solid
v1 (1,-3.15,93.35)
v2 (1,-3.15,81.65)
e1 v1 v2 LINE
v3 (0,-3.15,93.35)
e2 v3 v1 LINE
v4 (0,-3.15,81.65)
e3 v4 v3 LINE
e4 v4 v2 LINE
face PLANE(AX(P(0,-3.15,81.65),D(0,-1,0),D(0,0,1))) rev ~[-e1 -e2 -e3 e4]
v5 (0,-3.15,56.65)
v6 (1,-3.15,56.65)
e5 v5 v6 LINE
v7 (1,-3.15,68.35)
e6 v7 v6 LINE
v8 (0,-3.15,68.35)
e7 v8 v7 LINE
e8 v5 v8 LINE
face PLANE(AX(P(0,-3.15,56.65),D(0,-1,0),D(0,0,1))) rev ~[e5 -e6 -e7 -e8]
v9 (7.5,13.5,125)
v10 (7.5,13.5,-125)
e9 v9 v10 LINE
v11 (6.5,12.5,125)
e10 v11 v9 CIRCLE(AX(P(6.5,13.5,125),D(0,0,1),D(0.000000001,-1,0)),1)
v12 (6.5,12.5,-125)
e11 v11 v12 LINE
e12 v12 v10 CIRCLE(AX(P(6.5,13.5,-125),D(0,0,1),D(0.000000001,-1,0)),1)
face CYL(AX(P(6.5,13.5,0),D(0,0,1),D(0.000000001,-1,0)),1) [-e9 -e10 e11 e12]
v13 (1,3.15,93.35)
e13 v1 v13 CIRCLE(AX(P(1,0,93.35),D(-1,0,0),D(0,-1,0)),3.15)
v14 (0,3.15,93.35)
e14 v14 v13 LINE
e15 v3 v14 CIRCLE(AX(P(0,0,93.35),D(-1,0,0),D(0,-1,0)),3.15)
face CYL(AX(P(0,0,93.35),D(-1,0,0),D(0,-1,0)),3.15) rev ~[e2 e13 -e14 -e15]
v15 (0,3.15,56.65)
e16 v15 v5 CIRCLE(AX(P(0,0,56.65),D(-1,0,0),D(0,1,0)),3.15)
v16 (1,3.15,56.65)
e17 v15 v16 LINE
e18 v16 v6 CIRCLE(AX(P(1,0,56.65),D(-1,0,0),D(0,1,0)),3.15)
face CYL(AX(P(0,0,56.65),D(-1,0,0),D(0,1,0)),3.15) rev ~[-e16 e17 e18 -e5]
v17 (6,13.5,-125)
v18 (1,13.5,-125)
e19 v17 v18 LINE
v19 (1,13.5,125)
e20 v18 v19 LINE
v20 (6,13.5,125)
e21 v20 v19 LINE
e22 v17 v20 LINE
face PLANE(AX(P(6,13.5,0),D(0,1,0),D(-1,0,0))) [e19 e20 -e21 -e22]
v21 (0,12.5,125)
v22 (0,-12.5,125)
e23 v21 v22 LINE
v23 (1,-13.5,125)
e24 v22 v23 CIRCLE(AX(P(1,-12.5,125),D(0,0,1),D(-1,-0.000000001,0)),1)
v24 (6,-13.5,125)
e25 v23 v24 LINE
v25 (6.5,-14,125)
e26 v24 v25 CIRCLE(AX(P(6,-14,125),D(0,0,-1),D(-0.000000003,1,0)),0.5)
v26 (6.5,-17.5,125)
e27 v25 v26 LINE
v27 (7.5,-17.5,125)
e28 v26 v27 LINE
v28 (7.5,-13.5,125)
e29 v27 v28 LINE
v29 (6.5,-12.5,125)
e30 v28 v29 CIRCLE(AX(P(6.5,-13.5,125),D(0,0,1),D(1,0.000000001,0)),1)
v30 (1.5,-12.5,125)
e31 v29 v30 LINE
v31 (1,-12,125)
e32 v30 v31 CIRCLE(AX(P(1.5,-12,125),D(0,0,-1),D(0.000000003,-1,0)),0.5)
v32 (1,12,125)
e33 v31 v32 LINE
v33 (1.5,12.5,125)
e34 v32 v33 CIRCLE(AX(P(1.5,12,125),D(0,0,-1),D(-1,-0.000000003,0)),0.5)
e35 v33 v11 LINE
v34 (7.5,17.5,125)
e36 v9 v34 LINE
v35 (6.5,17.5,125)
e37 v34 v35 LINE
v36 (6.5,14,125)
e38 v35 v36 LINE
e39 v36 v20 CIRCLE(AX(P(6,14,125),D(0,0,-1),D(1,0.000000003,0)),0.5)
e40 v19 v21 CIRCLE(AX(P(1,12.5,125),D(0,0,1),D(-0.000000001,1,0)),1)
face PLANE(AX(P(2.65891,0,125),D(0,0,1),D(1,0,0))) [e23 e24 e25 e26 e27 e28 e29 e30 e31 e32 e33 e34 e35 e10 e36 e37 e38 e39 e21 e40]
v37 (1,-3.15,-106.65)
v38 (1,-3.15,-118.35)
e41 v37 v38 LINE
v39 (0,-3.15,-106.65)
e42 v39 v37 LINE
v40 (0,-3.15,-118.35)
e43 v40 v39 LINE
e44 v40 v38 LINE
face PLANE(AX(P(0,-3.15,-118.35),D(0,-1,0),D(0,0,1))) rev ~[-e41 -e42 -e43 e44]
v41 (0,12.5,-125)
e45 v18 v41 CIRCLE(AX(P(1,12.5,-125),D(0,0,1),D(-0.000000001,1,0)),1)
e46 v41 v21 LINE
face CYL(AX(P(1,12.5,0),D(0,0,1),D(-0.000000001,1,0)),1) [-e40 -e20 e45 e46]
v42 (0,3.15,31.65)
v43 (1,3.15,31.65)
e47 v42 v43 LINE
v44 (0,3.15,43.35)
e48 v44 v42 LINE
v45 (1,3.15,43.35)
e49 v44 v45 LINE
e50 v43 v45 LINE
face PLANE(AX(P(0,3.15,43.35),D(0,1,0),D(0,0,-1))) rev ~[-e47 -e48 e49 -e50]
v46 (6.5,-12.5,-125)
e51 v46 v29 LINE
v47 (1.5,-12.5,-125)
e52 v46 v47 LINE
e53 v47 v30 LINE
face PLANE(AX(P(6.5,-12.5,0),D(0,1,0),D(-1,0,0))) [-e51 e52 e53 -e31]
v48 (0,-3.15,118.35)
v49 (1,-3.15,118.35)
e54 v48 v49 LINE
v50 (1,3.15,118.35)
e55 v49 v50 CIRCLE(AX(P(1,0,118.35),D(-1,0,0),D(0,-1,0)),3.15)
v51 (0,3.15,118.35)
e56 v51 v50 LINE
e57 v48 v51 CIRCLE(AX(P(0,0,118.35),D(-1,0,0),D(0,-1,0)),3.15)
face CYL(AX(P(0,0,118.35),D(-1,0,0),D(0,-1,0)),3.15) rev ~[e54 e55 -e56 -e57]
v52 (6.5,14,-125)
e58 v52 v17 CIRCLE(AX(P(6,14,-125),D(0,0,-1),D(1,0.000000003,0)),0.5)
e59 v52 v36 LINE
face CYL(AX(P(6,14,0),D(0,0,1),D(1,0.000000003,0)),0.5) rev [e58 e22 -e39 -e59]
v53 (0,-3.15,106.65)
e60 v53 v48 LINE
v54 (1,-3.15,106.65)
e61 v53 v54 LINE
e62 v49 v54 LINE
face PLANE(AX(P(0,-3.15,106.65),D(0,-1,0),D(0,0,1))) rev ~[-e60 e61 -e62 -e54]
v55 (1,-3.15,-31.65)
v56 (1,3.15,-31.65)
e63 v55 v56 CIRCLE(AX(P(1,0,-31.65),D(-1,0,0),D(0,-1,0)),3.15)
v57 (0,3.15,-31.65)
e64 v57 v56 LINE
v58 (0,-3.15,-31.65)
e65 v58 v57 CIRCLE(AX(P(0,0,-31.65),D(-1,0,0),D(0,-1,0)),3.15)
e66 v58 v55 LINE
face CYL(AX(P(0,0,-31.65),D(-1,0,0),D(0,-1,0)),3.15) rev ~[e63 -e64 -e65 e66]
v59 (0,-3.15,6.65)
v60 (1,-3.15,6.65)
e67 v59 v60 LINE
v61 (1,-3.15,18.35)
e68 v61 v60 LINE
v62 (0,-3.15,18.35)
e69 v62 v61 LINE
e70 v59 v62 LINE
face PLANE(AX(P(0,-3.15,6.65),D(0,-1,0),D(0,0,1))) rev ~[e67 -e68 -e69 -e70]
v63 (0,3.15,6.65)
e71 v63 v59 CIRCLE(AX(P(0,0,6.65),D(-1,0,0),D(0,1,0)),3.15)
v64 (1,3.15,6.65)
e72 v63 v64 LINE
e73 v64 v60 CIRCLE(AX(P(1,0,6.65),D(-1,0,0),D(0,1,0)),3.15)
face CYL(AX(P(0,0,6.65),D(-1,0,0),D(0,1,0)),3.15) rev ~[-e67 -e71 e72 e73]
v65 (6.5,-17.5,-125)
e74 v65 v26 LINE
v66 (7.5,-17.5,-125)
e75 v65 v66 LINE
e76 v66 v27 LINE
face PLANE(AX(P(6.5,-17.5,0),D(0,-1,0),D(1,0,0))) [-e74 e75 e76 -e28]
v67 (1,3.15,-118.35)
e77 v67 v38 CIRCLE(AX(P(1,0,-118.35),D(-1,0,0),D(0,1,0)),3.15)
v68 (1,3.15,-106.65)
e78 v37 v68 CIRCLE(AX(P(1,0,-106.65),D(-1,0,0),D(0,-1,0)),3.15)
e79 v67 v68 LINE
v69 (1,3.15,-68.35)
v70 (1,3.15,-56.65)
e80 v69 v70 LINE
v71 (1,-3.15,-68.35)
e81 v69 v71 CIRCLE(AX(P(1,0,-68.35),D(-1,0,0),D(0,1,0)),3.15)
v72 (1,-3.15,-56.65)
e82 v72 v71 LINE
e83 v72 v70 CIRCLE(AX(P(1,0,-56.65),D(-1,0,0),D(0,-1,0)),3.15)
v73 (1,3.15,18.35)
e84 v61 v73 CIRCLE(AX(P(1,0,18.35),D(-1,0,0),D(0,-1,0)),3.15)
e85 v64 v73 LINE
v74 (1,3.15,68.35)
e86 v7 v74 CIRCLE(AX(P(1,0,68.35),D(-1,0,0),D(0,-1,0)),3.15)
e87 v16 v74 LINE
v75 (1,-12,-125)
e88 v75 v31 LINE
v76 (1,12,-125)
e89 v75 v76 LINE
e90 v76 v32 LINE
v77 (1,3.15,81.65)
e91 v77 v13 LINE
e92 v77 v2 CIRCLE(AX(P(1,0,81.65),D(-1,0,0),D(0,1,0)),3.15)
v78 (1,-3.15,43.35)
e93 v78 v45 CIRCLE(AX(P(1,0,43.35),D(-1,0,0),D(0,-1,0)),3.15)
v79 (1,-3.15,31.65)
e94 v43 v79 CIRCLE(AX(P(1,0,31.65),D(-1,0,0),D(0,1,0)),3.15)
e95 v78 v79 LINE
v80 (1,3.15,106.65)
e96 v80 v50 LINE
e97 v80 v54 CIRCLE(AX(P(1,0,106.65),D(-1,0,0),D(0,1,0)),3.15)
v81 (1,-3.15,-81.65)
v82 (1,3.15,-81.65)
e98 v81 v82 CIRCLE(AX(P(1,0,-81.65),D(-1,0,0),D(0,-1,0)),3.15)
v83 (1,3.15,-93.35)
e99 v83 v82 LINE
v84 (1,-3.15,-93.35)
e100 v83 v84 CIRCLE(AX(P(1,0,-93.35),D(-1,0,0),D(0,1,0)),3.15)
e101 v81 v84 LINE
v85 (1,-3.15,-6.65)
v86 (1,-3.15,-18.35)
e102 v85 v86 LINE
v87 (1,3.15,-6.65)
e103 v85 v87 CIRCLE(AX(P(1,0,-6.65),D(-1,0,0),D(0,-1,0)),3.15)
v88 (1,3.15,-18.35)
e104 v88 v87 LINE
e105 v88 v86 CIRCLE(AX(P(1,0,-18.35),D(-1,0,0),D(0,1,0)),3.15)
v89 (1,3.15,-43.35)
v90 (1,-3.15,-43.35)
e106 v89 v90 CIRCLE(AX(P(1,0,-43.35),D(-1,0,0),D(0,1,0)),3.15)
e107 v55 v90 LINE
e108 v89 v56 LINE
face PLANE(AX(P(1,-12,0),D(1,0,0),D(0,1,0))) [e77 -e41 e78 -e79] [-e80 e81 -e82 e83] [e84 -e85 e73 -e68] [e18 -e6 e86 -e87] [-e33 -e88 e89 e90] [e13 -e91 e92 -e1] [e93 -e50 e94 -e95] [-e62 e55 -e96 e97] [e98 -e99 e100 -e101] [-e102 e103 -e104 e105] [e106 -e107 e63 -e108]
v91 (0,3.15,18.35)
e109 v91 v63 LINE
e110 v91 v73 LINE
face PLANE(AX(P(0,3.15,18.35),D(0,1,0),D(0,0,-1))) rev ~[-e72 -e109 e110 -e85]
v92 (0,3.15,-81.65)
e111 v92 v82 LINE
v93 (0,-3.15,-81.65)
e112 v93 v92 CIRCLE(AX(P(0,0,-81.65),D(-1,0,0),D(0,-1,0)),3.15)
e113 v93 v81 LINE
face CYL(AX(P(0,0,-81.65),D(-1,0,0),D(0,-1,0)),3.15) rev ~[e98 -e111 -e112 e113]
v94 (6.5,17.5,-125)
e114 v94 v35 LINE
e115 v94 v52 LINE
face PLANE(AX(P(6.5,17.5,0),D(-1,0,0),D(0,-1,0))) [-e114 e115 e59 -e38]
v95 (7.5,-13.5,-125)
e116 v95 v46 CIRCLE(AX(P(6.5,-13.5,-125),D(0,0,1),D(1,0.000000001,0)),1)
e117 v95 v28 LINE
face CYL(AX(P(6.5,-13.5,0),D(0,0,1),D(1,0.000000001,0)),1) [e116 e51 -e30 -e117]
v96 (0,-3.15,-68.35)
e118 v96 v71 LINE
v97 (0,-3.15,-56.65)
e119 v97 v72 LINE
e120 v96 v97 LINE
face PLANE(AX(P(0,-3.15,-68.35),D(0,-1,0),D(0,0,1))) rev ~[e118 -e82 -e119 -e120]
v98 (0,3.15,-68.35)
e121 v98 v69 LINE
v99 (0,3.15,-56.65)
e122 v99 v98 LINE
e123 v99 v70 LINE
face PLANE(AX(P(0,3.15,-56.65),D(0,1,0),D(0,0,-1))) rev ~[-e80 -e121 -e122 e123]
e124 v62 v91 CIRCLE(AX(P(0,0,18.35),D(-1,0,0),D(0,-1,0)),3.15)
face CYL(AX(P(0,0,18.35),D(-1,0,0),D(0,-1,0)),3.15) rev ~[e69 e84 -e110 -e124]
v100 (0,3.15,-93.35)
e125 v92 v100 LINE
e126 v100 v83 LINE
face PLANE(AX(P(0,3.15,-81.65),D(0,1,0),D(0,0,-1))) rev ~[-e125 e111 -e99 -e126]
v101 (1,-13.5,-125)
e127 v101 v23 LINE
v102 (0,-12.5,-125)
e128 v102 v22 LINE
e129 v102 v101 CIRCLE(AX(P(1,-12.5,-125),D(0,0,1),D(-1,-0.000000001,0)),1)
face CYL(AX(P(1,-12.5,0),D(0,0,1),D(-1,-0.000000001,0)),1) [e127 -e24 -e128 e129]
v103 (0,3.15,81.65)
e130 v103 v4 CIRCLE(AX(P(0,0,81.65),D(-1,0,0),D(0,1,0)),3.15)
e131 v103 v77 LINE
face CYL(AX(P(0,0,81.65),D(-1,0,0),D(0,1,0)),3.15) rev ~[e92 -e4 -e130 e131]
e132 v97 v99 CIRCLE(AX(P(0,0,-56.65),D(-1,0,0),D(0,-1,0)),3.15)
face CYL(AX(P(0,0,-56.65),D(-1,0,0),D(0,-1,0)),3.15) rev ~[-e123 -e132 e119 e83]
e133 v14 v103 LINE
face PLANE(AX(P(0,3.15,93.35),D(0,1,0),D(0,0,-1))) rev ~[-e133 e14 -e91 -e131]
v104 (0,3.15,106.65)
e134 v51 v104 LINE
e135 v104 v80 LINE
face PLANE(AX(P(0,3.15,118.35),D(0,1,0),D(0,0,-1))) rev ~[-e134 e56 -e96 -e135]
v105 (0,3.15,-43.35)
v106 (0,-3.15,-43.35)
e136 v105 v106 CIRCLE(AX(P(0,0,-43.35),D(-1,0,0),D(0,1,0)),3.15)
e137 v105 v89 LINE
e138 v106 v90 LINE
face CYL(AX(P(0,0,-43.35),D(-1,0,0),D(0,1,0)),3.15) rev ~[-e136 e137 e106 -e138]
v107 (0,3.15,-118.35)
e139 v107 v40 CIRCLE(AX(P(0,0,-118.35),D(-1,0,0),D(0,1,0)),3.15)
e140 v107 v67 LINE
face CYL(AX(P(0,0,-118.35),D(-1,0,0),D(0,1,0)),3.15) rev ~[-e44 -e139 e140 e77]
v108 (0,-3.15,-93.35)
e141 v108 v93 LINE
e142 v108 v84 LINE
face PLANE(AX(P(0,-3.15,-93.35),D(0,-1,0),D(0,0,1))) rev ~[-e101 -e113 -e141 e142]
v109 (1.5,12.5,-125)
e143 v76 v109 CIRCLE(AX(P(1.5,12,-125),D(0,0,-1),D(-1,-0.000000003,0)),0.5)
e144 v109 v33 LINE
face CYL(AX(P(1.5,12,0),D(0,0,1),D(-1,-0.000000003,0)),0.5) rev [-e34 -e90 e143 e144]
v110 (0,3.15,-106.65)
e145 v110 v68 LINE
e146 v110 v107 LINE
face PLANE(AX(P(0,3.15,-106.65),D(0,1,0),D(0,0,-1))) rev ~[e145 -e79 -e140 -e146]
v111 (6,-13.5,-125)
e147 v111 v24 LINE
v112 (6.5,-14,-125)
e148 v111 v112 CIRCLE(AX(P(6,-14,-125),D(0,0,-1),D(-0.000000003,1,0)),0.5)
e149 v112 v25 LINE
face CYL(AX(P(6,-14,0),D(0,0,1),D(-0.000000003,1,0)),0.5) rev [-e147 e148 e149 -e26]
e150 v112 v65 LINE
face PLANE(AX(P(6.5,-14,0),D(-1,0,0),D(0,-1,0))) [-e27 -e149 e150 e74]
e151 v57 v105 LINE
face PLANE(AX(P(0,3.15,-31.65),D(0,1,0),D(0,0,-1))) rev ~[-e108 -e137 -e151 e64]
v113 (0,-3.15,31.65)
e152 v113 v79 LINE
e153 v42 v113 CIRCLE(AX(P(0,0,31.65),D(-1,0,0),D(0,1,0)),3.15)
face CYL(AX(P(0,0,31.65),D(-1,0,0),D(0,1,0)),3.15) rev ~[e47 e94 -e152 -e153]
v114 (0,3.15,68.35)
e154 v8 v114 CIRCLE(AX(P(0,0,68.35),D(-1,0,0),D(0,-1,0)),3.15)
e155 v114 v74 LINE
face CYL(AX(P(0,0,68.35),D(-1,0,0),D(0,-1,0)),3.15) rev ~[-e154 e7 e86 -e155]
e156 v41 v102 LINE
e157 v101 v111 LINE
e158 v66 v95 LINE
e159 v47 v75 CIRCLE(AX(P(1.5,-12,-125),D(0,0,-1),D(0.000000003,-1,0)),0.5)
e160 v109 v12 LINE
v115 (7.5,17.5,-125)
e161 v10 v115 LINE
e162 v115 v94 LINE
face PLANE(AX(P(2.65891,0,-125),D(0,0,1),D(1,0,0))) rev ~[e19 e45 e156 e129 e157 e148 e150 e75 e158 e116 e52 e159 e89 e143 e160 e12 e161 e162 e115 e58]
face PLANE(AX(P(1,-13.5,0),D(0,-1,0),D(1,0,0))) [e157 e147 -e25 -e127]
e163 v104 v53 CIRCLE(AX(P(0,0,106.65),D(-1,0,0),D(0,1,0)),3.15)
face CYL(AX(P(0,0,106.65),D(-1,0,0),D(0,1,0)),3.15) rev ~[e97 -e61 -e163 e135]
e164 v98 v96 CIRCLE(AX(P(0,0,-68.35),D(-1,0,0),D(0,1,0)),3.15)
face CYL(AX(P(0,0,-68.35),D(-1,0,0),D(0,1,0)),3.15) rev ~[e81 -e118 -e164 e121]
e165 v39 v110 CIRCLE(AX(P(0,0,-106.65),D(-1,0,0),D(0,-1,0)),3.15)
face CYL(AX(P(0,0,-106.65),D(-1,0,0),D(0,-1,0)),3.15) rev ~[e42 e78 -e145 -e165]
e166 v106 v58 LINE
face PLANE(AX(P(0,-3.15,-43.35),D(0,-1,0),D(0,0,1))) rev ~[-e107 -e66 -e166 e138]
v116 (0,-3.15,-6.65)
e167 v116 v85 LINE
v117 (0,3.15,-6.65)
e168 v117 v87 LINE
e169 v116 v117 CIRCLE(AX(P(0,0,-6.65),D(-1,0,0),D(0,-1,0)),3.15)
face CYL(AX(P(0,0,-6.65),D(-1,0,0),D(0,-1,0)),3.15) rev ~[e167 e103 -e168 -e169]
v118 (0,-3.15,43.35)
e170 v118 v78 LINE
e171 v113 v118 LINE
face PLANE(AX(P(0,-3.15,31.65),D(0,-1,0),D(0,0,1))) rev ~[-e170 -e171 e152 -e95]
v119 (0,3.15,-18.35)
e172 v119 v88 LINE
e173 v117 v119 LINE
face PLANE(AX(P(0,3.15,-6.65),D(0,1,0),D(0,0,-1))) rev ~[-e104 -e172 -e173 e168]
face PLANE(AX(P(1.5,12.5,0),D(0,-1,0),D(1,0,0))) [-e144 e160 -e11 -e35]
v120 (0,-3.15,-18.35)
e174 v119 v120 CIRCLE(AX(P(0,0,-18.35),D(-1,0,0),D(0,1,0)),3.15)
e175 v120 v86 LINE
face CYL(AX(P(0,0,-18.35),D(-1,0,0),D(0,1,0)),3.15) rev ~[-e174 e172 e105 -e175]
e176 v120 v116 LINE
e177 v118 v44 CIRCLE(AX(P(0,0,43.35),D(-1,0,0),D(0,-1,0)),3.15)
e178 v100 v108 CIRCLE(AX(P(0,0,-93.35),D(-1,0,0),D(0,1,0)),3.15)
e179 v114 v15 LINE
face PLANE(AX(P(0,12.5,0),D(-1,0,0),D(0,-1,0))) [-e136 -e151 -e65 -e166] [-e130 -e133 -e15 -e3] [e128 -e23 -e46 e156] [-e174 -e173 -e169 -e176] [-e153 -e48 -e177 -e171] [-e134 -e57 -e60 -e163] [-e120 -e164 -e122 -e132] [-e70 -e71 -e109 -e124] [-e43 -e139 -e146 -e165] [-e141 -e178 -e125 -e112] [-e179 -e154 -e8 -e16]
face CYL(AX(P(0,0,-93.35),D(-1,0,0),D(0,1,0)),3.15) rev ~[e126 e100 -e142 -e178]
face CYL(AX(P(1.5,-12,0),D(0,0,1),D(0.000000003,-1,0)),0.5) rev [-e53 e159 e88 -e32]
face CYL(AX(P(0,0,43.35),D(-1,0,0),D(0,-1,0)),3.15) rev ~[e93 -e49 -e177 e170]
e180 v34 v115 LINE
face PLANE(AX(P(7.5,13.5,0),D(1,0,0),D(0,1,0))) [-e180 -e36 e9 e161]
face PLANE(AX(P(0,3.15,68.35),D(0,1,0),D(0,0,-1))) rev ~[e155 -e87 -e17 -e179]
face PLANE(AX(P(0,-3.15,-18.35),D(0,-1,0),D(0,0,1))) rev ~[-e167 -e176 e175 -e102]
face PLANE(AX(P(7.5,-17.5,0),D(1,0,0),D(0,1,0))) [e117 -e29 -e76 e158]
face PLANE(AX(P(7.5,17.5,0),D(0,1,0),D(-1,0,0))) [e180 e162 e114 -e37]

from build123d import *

# Parameters (mm, degrees)
BOSS_EXTRUDE1_DEPTH = 125
CUT_EXTRUDE1_DEPTH  = 7.5
LPATTERN1_COUNT     = 10
LPATTERN1_PITCH     = 25


with BuildPart() as part:
    # Sketch1 → Boss-Extrude1 (new, symmetric)
    with BuildSketch(Plane.XY):
        with BuildLine():
            Line((7.5, 17.5), (6.5, 17.5))
            Line((6.5, 17.5), (6.5, 14))
            ThreePointArc((6.5, 14), (6.353553391, 13.646446609), (6, 13.5))
            Line((6, 13.5), (1, 13.5))
            ThreePointArc((1, 13.5), (0.292893219, 13.207106781), (0, 12.5))
            Line((0, 12.5), (0, -12.5))
            ThreePointArc((0, -12.5), (0.292893219, -13.207106781), (1, -13.5))
            Line((1, -13.5), (6, -13.5))
            ThreePointArc((6, -13.5), (6.353553391, -13.646446609), (6.5, -14))
            Line((6.5, -14), (6.5, -17.5))
            Line((6.5, -17.5), (7.5, -17.5))
            Line((7.5, -17.5), (7.5, -13.5))
            ThreePointArc((7.5, -13.5), (7.207106781, -12.792893219), (6.5, -12.5))
            Line((6.5, -12.5), (1.5, -12.5))
            ThreePointArc((1.5, -12.5), (1.146446609, -12.353553391), (1, -12))
            Line((1, -12), (1, 12))
            ThreePointArc((1, 12), (1.146446609, 12.353553391), (1.5, 12.5))
            Line((1.5, 12.5), (6.5, 12.5))
            ThreePointArc((6.5, 12.5), (7.207106781, 12.792893219), (7.5, 13.5))
            Line((7.5, 13.5), (7.5, 17.5))
        make_face()
    extrude(amount=BOSS_EXTRUDE1_DEPTH, both=True)

    # Sketch2 → Cut-Extrude1 (cut)
    with BuildSketch(Plane(origin=(0, 0, 0), x_dir=(0, 0, -1), z_dir=(1, 0, 0))):
        with BuildLine():
            Line((-118.35, 3.15), (-106.65, 3.15))
            ThreePointArc((-106.65, 3.15), (-103.5, 0), (-106.65, -3.15))
            Line((-106.65, -3.15), (-118.35, -3.15))
            ThreePointArc((-118.35, -3.15), (-121.5, 0), (-118.35, 3.15))
        make_face()
    cut_extrude1 = extrude(amount=CUT_EXTRUDE1_DEPTH, mode=Mode.SUBTRACT)

    # LPattern1: Cut-Extrude1 ×10
    with Locations(*[(0, 0, -i * LPATTERN1_PITCH) for i in range(1, LPATTERN1_COUNT)]):
        add(cut_extrude1, mode=Mode.SUBTRACT)


solid = part.part
